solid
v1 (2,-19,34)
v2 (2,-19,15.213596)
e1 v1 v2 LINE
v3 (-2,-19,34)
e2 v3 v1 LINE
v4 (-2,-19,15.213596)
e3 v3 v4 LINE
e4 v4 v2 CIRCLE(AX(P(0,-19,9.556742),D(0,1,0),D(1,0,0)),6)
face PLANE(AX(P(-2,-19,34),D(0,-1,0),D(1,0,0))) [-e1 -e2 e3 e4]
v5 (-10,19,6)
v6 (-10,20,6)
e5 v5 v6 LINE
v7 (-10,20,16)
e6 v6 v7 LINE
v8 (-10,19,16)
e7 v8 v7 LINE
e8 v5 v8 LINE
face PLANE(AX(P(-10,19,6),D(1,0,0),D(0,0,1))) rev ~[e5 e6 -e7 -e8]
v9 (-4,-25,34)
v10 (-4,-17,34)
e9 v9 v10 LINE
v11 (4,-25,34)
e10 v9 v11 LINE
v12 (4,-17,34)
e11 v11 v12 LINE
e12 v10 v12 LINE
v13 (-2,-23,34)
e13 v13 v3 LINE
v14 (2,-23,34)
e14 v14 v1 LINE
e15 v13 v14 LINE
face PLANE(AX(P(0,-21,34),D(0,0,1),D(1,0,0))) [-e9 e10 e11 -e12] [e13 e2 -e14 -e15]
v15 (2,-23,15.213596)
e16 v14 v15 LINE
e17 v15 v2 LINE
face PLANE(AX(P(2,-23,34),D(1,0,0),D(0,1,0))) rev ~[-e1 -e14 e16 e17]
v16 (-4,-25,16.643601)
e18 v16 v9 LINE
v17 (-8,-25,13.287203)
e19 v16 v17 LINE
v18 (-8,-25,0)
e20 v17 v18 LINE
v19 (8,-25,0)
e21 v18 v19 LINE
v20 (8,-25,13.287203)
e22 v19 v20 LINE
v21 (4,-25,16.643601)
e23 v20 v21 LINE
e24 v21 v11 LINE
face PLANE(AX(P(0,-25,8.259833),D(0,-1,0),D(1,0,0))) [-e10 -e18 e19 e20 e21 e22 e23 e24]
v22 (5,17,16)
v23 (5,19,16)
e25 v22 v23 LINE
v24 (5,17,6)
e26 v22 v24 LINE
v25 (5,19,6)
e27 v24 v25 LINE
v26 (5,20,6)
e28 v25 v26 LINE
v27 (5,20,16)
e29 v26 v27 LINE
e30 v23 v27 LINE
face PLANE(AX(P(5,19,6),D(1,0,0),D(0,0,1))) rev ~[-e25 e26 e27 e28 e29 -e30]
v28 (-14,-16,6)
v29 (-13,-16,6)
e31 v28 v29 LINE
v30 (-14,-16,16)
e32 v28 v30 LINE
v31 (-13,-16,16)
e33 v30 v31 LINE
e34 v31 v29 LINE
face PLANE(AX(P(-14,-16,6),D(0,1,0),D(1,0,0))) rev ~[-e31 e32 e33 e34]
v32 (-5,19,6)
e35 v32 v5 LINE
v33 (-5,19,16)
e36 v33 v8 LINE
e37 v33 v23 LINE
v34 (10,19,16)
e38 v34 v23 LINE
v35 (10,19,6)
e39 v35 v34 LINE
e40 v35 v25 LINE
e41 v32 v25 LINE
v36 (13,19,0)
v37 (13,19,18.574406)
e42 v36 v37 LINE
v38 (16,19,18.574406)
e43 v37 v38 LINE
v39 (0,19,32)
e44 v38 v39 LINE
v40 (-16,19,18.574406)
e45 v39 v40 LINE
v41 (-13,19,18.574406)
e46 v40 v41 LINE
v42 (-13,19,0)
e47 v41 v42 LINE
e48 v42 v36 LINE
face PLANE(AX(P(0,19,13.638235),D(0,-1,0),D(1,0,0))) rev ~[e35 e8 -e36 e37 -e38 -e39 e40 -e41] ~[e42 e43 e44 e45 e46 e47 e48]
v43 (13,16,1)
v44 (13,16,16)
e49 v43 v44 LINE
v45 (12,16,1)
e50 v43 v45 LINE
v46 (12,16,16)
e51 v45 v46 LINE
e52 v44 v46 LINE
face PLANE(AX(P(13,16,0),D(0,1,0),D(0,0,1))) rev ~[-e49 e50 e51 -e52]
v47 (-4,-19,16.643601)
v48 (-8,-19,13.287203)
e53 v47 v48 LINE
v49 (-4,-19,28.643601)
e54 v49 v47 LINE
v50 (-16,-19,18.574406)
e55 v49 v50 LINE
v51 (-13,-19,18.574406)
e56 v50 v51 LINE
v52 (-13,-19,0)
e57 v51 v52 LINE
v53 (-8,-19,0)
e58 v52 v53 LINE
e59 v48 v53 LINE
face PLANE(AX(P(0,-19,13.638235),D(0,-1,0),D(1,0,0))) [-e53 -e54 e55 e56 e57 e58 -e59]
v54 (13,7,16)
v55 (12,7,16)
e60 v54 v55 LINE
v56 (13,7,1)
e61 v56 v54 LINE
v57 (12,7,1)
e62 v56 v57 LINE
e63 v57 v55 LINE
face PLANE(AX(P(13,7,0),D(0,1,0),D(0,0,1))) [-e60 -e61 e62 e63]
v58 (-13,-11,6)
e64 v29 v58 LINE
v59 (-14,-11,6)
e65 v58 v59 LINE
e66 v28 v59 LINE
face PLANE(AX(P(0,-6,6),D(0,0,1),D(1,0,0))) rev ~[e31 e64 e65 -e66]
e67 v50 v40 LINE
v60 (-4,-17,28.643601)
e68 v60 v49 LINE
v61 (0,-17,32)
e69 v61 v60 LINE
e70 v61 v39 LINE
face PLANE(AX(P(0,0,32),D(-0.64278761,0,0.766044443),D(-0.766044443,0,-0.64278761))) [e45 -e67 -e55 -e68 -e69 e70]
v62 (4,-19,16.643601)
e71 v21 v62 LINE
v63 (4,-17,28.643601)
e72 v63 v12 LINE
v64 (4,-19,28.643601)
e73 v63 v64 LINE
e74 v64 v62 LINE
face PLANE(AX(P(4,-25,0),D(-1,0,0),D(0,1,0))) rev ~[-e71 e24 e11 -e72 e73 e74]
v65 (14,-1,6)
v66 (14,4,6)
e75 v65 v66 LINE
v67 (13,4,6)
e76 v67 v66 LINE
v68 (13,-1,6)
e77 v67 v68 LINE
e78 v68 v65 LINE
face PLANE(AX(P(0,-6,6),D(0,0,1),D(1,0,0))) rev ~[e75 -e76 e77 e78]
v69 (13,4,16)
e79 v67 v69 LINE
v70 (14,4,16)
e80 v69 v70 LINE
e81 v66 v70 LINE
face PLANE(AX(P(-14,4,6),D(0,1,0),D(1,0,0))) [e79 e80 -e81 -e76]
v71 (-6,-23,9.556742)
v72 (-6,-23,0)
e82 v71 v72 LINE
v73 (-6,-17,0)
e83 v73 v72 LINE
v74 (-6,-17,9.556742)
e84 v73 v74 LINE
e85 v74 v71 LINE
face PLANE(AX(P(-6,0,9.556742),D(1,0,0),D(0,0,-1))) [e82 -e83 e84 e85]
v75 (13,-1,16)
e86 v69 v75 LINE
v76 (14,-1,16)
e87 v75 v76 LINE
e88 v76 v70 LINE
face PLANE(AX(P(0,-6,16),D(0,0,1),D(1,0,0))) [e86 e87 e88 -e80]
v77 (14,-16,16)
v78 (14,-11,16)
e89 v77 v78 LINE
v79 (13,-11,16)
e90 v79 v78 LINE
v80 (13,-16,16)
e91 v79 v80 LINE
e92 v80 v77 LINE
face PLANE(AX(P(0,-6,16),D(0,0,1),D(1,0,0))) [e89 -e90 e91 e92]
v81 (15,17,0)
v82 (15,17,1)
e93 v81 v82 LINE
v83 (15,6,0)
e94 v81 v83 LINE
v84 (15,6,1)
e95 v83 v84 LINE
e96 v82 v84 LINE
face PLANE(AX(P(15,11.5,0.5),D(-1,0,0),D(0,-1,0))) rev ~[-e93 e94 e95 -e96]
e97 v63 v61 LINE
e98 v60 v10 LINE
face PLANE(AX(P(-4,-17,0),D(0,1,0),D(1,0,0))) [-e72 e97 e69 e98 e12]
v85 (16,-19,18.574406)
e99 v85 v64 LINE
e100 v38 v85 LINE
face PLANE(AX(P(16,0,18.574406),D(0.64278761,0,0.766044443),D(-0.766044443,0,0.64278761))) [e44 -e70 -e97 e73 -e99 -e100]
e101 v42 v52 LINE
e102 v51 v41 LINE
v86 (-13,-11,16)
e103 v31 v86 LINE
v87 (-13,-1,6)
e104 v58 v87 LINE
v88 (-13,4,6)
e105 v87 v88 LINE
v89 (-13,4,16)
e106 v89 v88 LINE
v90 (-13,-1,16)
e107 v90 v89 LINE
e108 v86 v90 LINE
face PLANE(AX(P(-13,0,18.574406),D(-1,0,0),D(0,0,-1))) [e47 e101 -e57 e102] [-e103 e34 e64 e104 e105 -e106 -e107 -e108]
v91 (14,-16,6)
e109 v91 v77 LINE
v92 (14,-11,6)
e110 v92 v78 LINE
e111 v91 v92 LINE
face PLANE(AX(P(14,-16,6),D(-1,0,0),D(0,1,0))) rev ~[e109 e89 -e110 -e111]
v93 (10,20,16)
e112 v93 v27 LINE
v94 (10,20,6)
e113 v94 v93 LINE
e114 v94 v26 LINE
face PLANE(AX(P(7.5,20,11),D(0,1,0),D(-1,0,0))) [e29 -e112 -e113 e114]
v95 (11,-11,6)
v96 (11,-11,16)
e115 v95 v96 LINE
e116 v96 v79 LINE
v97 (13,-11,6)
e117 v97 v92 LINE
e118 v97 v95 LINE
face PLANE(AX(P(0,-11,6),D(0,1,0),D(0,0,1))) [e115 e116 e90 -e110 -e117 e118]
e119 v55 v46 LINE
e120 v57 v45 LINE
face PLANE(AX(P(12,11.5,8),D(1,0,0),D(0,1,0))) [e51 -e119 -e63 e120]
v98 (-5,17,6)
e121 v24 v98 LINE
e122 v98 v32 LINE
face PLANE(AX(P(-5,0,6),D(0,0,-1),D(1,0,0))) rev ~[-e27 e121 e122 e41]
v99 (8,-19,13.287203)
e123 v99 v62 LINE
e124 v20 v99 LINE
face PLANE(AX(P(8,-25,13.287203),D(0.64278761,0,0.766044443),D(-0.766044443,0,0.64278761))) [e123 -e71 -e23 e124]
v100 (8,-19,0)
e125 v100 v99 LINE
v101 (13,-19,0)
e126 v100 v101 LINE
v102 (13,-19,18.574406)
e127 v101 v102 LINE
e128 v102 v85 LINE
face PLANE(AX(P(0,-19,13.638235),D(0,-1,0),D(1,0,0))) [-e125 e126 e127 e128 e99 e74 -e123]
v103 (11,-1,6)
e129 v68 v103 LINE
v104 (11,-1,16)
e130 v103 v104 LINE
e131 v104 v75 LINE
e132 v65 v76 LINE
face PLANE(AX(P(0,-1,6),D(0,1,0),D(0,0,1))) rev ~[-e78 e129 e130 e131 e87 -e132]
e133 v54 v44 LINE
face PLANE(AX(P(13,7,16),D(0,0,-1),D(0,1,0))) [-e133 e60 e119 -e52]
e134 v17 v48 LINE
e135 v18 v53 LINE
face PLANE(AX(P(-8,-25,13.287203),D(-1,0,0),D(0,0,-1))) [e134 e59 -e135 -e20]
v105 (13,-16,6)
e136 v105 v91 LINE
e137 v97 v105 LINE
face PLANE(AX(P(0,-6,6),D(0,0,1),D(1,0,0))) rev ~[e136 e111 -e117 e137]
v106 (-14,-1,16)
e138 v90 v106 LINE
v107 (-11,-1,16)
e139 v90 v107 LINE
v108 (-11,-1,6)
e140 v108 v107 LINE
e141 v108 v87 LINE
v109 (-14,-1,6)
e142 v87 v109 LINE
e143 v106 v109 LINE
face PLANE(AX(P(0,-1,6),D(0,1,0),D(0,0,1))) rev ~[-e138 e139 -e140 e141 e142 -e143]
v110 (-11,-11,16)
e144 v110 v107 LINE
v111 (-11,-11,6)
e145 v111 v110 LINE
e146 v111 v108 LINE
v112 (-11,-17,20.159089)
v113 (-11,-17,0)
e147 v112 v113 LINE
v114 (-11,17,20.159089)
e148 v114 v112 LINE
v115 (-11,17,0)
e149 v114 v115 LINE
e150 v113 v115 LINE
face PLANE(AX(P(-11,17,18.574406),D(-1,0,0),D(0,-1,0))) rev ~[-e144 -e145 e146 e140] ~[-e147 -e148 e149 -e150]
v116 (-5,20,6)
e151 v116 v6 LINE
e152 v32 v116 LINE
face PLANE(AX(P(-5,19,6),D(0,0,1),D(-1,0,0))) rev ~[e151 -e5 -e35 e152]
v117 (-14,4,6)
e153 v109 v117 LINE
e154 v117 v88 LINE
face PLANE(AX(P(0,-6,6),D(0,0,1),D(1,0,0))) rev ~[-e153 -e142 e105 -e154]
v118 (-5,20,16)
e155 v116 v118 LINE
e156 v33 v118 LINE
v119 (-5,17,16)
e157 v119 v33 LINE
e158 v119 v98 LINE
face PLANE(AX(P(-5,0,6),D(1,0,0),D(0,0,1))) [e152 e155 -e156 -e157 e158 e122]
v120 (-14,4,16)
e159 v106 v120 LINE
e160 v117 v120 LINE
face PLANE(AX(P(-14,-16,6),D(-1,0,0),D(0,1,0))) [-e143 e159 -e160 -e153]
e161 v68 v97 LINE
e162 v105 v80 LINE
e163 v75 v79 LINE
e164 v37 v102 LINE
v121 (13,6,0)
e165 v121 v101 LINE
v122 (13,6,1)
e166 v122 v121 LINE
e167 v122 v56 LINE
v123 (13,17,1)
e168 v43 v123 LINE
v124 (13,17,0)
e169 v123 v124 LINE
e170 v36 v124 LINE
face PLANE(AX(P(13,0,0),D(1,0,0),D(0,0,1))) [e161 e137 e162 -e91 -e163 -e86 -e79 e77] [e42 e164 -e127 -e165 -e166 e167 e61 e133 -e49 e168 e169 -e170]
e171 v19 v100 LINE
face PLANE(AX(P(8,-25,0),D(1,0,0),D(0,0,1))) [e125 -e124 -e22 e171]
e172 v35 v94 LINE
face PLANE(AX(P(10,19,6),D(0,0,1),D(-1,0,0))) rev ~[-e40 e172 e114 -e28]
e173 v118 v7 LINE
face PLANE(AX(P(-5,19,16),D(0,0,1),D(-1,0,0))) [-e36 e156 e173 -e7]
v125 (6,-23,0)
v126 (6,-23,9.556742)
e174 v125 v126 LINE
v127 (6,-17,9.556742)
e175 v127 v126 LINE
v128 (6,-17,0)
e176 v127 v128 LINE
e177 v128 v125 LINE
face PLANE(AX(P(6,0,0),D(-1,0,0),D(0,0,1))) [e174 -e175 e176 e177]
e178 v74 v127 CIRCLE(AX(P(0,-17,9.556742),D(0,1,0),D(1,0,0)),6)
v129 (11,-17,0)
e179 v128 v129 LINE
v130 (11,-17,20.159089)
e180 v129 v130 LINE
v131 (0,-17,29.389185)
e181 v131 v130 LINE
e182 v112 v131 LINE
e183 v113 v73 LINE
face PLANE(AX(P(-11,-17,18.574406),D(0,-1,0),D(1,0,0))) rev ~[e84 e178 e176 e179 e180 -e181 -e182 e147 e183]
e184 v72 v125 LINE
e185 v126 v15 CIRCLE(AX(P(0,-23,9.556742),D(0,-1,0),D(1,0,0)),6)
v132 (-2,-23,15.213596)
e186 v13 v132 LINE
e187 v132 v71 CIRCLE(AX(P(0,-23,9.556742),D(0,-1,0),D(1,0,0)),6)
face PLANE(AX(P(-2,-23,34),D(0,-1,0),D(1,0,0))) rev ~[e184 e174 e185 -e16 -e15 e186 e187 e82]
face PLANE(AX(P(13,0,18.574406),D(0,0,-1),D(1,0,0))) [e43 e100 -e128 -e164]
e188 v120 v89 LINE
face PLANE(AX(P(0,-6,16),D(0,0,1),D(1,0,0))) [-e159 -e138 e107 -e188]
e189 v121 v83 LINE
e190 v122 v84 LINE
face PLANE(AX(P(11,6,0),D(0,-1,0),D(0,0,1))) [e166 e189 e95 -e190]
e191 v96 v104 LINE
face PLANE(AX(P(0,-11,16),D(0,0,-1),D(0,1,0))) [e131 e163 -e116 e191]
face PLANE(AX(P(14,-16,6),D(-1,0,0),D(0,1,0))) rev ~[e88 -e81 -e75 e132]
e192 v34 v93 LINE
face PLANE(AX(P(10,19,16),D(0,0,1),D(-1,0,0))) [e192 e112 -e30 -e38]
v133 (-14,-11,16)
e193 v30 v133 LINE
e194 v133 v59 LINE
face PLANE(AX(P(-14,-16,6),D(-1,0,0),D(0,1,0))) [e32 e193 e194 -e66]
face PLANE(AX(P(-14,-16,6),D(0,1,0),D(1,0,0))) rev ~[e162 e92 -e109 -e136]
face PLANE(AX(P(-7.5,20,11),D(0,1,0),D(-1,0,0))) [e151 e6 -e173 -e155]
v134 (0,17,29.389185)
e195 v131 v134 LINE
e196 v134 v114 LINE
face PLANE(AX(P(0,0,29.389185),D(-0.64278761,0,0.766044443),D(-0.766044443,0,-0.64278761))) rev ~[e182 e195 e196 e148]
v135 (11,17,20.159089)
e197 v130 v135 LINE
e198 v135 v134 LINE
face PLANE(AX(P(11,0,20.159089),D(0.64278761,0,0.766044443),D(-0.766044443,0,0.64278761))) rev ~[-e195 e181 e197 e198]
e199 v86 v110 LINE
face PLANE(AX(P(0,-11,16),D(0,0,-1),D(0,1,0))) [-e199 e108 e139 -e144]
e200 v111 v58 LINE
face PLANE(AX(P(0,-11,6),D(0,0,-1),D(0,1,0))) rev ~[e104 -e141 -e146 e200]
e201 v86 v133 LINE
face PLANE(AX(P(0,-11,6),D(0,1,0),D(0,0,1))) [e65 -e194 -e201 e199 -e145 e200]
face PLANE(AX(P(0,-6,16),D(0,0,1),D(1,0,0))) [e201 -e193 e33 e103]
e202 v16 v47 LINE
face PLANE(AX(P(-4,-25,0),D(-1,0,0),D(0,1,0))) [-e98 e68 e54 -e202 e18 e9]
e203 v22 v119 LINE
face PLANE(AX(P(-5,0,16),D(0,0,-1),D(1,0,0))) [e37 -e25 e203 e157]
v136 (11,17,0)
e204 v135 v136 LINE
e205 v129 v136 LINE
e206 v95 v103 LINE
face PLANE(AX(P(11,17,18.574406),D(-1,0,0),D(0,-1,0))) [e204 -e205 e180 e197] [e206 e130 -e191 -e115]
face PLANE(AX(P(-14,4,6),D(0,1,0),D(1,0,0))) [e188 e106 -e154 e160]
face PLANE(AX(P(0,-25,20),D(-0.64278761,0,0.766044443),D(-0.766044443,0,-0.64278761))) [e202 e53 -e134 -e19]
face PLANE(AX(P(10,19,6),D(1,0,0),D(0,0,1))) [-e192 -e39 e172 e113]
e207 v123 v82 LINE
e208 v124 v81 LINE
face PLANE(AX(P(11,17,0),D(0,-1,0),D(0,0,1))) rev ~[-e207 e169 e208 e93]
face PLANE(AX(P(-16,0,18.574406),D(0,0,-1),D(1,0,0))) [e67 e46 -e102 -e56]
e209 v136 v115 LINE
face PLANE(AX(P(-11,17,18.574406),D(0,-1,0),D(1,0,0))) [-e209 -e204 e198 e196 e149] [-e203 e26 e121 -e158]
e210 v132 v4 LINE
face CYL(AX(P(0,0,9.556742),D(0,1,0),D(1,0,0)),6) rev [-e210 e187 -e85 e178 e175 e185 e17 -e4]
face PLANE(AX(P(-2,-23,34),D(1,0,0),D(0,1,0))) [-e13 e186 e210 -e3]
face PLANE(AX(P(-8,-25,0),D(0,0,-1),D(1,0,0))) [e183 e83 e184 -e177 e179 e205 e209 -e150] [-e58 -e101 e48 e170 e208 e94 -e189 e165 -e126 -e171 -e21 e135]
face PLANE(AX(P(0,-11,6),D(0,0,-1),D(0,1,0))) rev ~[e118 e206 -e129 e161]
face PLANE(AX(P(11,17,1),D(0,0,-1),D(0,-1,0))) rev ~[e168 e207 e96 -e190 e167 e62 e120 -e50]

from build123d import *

# Parameters (mm, degrees)
F1_DEPTH       = 19
F2_W           = 10
F2_H           = 10
F3_DEPTH       = 19.001
F4_W           = 28
F4_H           = 20
F5_DEPTH       = 10
F6_W           = 10
F6_H           = 10
F7_DEPTH       = 16.001
F7_DEPTH_BACK  = 16.001
F8_W           = 5
F8_H           = 10
F9_DEPTH       = 1
F10_W          = 22
F10_H          = 34
F11_DEPTH      = 18.5754059012
F13_DEPTH      = 17
F13_DEPTH_BACK = 17
F14_W          = 8
F14_H          = 8
F15_DEPTH      = 34
F17_DEPTH      = 8
F18_W          = 4
F18_H          = 4
F19_DEPTH      = 34.001
F21_DEPTH      = 23
F22_W          = 9
F22_H          = 16
F23_DEPTH      = 1
F24_W          = 11
F24_H          = 1
F25_DEPTH      = 4


with BuildPart() as f1:
    # F0 (on Front) → F1 (new body, symmetric)
    with BuildSketch(Plane.XZ):
        Polygon((-13, 18.5744059012), (-13, 0), (13, 0), (13, 18.5744059012), (16, 18.5744059012), (0, 32), (-16, 18.5744059012), align=None)
    extrude(amount=F1_DEPTH, both=True)

    # F2 (on Front) → F3 (cut, through all)
    with BuildSketch(Plane.XZ):
        with Locations((0, 11)):
            Rectangle(F2_W, F2_H)
    extrude(amount=-F3_DEPTH, mode=Mode.SUBTRACT)

    # F4 (on face) → F5 (join, through all)
    with BuildSketch(Plane.XY.offset(6)):
        with Locations((0, -6)):
            Rectangle(F4_W, F4_H)
    extrude(amount=F5_DEPTH)

    # F6 (on Right) → F7 (cut, two sides)
    with BuildSketch(Plane.YZ) as f7_sk:
        with Locations((-6, 11)):
            Rectangle(F6_W, F6_H)
    extrude(amount=-F7_DEPTH, mode=Mode.SUBTRACT)
    extrude(f7_sk.sketch, amount=F7_DEPTH_BACK, mode=Mode.SUBTRACT)

    # F8 (on face) → F9 (join)
    with BuildSketch(Plane(origin=(0, 19, 0), x_dir=(-1, 0, 0), z_dir=(0, 1, 0))):
        with Locations((-7.5, 11)):
            Rectangle(F8_W, F8_H)
        with Locations((7.5, 11)):
            Rectangle(F8_W, F8_H)
    extrude(amount=F9_DEPTH)

    # F10 (on face) → F11 (cut, through all)
    with BuildSketch(Plane(origin=(0, 0, 18.5744059012), x_dir=(1, 0, 0), z_dir=(0, 0, -1))):
        Rectangle(F10_W, F10_H)
    extrude(amount=F11_DEPTH, mode=Mode.SUBTRACT)

    # F12 (on Front) → F13 (cut, two sides)
    with BuildSketch(Plane.XZ) as f13_sk:
        Polygon((-11, 20.1590894784), (-11, 18.5744059012), (11, 18.5744059012), (11, 20.1590894784), (0, 29.3891854213), align=None)
    extrude(amount=-F13_DEPTH, mode=Mode.SUBTRACT)
    extrude(f13_sk.sketch, amount=F13_DEPTH_BACK, mode=Mode.SUBTRACT)

    # F14 (on Top) → F15 (join)
    with BuildSketch(Plane.XY):
        with Locations((0, -21)):
            Rectangle(F14_W, F14_H)
    extrude(amount=F15_DEPTH)

    # F16 (on face) → F17 (join, through all)
    with BuildSketch(Plane.XZ.offset(25)):
        Polygon((8, 13.2872029506), (0, 20), (-8, 13.2872029506), (-8, 0), (8, 0), align=None)
    extrude(amount=-F17_DEPTH)

    # F18 (on face) → F19 (cut, through all)
    with BuildSketch(Plane.XY.offset(34)):
        with Locations((0, -21)):
            Rectangle(F18_W, F18_H)
    extrude(amount=-F19_DEPTH, mode=Mode.SUBTRACT)

    # F20 (on Front) → F21 (cut, through all)
    with BuildSketch(Plane.XZ):
        with BuildLine():
            ThreePointArc((6, 9.5567416853), (0, 15.5567416853), (-6, 9.5567416853))
            Line((-6, 9.5567416853), (-6, 0))
            Line((-6, 0), (6, 0))
            Line((6, 0), (6, 9.5567416853))
        make_face()
    extrude(amount=F21_DEPTH, mode=Mode.SUBTRACT)

    # F22 (on face) → F23 (cut)
    with BuildSketch(Plane.YZ.offset(13)):
        with Locations((11.5, 8)):
            Rectangle(F22_W, F22_H)
    extrude(amount=-F23_DEPTH, mode=Mode.SUBTRACT)

    # F24 (on face) → F25 (join)
    with BuildSketch(Plane(origin=(11, 0, 0), x_dir=(0, -1, 0), z_dir=(-1, 0, 0))):
        with Locations((-11.5, 0.5)):
            Rectangle(F24_W, F24_H)
    extrude(amount=-F25_DEPTH)


solid = f1.part
